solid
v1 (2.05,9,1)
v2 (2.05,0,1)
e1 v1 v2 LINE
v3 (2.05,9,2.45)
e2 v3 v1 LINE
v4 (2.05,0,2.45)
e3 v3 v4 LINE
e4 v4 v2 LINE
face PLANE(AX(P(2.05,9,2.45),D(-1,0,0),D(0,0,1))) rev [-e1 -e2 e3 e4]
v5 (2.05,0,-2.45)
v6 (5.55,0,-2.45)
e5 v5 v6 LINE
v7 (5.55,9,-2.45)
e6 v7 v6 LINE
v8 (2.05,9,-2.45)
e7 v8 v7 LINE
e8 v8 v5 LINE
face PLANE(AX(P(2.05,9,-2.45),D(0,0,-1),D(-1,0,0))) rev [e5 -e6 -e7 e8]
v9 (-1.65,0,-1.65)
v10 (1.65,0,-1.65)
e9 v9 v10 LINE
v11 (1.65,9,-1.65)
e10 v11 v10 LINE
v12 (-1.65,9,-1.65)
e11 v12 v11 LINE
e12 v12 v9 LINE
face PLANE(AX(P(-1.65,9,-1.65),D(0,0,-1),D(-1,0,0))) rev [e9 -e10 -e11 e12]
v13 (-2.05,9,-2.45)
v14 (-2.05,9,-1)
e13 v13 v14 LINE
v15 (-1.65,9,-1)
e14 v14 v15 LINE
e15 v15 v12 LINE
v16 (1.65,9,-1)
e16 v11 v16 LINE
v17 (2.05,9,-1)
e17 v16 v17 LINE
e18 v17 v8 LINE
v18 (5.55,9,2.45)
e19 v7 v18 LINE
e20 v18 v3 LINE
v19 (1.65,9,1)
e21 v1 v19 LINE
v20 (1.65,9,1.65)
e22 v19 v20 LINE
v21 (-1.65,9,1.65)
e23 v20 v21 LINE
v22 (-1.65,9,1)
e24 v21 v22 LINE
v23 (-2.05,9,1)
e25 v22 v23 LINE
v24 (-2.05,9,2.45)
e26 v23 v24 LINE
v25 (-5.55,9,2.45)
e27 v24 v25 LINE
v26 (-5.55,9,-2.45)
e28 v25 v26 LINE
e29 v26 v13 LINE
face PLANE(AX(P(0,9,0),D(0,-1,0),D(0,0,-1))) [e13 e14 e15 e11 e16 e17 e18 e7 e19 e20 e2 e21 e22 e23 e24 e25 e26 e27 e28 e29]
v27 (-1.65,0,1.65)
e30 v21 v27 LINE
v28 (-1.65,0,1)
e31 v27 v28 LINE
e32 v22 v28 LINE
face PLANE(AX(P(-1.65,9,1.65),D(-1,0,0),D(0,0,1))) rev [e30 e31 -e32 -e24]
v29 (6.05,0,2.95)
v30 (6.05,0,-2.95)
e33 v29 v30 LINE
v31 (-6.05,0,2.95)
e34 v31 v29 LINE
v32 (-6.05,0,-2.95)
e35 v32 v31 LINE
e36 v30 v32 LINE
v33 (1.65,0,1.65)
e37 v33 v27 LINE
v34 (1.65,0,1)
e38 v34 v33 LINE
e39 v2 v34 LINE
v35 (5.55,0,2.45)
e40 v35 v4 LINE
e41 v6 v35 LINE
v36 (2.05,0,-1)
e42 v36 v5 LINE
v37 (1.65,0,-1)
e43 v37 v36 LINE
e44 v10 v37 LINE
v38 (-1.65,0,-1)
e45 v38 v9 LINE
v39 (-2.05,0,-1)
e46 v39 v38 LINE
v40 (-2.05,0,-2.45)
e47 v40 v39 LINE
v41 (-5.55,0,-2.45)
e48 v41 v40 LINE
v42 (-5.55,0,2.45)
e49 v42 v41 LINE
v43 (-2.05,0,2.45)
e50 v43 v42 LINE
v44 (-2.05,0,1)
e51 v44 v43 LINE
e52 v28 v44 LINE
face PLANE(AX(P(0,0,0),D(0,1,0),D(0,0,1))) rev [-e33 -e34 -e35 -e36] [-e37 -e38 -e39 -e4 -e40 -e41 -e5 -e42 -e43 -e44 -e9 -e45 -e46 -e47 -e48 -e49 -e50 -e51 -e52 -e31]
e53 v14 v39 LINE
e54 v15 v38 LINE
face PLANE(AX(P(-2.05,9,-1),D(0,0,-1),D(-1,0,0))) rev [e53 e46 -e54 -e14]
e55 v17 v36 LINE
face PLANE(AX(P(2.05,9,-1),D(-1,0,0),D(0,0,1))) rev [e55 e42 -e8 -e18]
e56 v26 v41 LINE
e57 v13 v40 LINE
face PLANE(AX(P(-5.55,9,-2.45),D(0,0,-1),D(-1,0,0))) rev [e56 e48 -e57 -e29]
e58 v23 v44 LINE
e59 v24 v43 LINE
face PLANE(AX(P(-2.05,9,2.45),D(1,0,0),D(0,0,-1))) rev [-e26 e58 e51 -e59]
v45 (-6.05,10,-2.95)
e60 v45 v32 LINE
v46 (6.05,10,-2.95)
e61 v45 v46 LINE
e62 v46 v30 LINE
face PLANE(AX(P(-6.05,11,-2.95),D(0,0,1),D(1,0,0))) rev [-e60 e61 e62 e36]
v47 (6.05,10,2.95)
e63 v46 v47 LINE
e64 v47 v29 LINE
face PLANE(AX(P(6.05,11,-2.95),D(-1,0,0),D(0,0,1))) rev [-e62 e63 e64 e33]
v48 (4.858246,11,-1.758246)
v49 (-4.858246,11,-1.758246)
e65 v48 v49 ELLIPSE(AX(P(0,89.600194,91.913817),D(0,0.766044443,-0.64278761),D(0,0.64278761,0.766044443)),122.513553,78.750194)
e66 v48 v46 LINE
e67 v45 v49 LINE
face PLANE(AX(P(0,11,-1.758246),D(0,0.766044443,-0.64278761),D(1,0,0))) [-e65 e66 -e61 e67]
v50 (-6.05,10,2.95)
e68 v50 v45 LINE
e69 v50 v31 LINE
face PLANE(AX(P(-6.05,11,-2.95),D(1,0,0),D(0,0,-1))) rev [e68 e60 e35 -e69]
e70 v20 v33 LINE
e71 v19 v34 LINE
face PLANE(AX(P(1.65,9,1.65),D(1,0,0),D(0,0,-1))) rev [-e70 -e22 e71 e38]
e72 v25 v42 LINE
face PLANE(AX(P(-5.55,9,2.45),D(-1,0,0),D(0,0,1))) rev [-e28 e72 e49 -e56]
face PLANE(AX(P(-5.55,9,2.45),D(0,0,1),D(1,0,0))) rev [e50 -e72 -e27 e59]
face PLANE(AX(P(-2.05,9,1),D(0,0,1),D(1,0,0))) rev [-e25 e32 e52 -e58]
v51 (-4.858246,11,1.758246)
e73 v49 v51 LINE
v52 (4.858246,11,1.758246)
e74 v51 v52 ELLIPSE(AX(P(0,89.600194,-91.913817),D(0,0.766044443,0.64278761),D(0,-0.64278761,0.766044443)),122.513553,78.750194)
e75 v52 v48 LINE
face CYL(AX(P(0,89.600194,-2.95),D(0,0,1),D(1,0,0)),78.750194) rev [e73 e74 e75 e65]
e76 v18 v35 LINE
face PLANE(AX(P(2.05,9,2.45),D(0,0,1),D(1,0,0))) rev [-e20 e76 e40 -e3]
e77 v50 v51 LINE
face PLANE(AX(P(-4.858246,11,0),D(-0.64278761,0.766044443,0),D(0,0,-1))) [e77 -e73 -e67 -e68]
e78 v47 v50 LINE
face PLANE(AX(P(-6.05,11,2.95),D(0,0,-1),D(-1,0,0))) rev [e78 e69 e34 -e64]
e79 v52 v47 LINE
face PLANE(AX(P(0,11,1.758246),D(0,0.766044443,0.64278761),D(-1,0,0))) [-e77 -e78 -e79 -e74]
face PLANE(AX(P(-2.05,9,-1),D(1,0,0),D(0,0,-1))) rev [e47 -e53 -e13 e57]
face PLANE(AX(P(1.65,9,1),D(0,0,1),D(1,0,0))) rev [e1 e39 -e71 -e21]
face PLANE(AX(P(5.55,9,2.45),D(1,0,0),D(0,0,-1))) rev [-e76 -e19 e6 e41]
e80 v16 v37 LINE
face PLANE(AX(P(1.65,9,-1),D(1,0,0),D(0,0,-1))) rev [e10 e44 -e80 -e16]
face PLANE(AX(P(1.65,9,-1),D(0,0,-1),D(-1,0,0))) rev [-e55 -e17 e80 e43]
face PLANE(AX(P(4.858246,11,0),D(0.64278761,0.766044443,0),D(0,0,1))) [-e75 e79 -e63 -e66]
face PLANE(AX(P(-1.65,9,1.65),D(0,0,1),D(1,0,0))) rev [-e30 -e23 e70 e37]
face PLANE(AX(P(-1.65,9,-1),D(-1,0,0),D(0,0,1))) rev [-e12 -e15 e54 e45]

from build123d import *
from OCP.BRepFilletAPI import BRepFilletAPI_MakeChamfer

# Parameters (mm, degrees)
SKETCH1_W           = 12.1
SKETCH1_H           = 5.9
BOSS_EXTRUDE1_DEPTH = 11
CHAMFER1_SIZE       = 1
CHAMFER1_SIZE2      = 1.191753593
CUT_EXTRUDE3_DEPTH  = 14.871283286
CUT_EXTRUDE4_DEPTH  = 9


with BuildPart() as part:
    # Sketch1 → Boss-Extrude1 (new body)
    with BuildSketch(Plane(origin=(0, 0, 0), x_dir=(1, 0, 0), z_dir=(0, 1, 0))):
        Rectangle(SKETCH1_W, SKETCH1_H)
    extrude(amount=BOSS_EXTRUDE1_DEPTH)

    # Chamfer1: one chamfer whose edges measure the first distance from different faces: ONE call of the kernel's chamfer builder (chamfer() names one face for all edges)
    chamfer1_edges_1 = [part.edges().sort_by_distance(p)[0] for p in [
        (6.05, 11, 0),
    ]]
    chamfer1_side_1 = [part.faces().sort_by_distance(p)[0] for p in [
        (6.05, 5.5, 0),
    ]]
    chamfer1_edges_2 = [part.edges().sort_by_distance(p)[0] for p in [
        (0, 11, -2.95),
    ]]
    chamfer1_side_2 = [part.faces().sort_by_distance(p)[0] for p in [
        (0, 5.5, -2.95),
    ]]
    chamfer1_edges_3 = [part.edges().sort_by_distance(p)[0] for p in [
        (-6.05, 11, 0),
    ]]
    chamfer1_side_3 = [part.faces().sort_by_distance(p)[0] for p in [
        (-6.05, 5.5, 0),
    ]]
    chamfer1_edges_4 = [part.edges().sort_by_distance(p)[0] for p in [
        (0, 11, 2.95),
    ]]
    chamfer1_side_4 = [part.faces().sort_by_distance(p)[0] for p in [
        (0, 5.5, 2.95),
    ]]
    chamfer1 = BRepFilletAPI_MakeChamfer(part.part.solid().wrapped)
    for e in chamfer1_edges_1:
        chamfer1.Add(CHAMFER1_SIZE, CHAMFER1_SIZE2, e.wrapped, chamfer1_side_1[0].wrapped)  # the first distance lies on this face
    for e in chamfer1_edges_2:
        chamfer1.Add(CHAMFER1_SIZE, CHAMFER1_SIZE2, e.wrapped, chamfer1_side_2[0].wrapped)  # the first distance lies on this face
    for e in chamfer1_edges_3:
        chamfer1.Add(CHAMFER1_SIZE, CHAMFER1_SIZE2, e.wrapped, chamfer1_side_3[0].wrapped)  # the first distance lies on this face
    for e in chamfer1_edges_4:
        chamfer1.Add(CHAMFER1_SIZE, CHAMFER1_SIZE2, e.wrapped, chamfer1_side_4[0].wrapped)  # the first distance lies on this face
    add(Compound.cast(chamfer1.Shape()), mode=Mode.REPLACE)

    # Sketch6 → Cut-Extrude3 (cut, through all)
    with BuildSketch(Plane.XY.offset(2.95)):
        with BuildLine():
            Line((-4.858246407, 11), (4.858246407, 11))
            ThreePointArc((4.858246407, 11), (0, 10.85), (-4.858246407, 11))
        make_face()
    extrude(amount=-CUT_EXTRUDE3_DEPTH, mode=Mode.SUBTRACT)

    # Sketch7 → Cut-Extrude4 (cut)
    with BuildSketch(Plane.XZ):
        Polygon((-2.05, -1), (-2.05, -2.45), (-5.55, -2.45), (-5.55, 2.45), (-2.05, 2.45), (-2.05, 1), (-1.65, 1), (-1.65, 1.65), (1.65, 1.65), (1.65, 1), (2.05, 1), (2.05, 2.45), (5.55, 2.45), (5.55, -2.45), (2.05, -2.45), (2.05, -1), (1.65, -1), (1.65, -1.65), (-1.65, -1.65), (-1.65, -1), align=None)
    extrude(amount=-CUT_EXTRUDE4_DEPTH, mode=Mode.SUBTRACT)


solid = part.part
